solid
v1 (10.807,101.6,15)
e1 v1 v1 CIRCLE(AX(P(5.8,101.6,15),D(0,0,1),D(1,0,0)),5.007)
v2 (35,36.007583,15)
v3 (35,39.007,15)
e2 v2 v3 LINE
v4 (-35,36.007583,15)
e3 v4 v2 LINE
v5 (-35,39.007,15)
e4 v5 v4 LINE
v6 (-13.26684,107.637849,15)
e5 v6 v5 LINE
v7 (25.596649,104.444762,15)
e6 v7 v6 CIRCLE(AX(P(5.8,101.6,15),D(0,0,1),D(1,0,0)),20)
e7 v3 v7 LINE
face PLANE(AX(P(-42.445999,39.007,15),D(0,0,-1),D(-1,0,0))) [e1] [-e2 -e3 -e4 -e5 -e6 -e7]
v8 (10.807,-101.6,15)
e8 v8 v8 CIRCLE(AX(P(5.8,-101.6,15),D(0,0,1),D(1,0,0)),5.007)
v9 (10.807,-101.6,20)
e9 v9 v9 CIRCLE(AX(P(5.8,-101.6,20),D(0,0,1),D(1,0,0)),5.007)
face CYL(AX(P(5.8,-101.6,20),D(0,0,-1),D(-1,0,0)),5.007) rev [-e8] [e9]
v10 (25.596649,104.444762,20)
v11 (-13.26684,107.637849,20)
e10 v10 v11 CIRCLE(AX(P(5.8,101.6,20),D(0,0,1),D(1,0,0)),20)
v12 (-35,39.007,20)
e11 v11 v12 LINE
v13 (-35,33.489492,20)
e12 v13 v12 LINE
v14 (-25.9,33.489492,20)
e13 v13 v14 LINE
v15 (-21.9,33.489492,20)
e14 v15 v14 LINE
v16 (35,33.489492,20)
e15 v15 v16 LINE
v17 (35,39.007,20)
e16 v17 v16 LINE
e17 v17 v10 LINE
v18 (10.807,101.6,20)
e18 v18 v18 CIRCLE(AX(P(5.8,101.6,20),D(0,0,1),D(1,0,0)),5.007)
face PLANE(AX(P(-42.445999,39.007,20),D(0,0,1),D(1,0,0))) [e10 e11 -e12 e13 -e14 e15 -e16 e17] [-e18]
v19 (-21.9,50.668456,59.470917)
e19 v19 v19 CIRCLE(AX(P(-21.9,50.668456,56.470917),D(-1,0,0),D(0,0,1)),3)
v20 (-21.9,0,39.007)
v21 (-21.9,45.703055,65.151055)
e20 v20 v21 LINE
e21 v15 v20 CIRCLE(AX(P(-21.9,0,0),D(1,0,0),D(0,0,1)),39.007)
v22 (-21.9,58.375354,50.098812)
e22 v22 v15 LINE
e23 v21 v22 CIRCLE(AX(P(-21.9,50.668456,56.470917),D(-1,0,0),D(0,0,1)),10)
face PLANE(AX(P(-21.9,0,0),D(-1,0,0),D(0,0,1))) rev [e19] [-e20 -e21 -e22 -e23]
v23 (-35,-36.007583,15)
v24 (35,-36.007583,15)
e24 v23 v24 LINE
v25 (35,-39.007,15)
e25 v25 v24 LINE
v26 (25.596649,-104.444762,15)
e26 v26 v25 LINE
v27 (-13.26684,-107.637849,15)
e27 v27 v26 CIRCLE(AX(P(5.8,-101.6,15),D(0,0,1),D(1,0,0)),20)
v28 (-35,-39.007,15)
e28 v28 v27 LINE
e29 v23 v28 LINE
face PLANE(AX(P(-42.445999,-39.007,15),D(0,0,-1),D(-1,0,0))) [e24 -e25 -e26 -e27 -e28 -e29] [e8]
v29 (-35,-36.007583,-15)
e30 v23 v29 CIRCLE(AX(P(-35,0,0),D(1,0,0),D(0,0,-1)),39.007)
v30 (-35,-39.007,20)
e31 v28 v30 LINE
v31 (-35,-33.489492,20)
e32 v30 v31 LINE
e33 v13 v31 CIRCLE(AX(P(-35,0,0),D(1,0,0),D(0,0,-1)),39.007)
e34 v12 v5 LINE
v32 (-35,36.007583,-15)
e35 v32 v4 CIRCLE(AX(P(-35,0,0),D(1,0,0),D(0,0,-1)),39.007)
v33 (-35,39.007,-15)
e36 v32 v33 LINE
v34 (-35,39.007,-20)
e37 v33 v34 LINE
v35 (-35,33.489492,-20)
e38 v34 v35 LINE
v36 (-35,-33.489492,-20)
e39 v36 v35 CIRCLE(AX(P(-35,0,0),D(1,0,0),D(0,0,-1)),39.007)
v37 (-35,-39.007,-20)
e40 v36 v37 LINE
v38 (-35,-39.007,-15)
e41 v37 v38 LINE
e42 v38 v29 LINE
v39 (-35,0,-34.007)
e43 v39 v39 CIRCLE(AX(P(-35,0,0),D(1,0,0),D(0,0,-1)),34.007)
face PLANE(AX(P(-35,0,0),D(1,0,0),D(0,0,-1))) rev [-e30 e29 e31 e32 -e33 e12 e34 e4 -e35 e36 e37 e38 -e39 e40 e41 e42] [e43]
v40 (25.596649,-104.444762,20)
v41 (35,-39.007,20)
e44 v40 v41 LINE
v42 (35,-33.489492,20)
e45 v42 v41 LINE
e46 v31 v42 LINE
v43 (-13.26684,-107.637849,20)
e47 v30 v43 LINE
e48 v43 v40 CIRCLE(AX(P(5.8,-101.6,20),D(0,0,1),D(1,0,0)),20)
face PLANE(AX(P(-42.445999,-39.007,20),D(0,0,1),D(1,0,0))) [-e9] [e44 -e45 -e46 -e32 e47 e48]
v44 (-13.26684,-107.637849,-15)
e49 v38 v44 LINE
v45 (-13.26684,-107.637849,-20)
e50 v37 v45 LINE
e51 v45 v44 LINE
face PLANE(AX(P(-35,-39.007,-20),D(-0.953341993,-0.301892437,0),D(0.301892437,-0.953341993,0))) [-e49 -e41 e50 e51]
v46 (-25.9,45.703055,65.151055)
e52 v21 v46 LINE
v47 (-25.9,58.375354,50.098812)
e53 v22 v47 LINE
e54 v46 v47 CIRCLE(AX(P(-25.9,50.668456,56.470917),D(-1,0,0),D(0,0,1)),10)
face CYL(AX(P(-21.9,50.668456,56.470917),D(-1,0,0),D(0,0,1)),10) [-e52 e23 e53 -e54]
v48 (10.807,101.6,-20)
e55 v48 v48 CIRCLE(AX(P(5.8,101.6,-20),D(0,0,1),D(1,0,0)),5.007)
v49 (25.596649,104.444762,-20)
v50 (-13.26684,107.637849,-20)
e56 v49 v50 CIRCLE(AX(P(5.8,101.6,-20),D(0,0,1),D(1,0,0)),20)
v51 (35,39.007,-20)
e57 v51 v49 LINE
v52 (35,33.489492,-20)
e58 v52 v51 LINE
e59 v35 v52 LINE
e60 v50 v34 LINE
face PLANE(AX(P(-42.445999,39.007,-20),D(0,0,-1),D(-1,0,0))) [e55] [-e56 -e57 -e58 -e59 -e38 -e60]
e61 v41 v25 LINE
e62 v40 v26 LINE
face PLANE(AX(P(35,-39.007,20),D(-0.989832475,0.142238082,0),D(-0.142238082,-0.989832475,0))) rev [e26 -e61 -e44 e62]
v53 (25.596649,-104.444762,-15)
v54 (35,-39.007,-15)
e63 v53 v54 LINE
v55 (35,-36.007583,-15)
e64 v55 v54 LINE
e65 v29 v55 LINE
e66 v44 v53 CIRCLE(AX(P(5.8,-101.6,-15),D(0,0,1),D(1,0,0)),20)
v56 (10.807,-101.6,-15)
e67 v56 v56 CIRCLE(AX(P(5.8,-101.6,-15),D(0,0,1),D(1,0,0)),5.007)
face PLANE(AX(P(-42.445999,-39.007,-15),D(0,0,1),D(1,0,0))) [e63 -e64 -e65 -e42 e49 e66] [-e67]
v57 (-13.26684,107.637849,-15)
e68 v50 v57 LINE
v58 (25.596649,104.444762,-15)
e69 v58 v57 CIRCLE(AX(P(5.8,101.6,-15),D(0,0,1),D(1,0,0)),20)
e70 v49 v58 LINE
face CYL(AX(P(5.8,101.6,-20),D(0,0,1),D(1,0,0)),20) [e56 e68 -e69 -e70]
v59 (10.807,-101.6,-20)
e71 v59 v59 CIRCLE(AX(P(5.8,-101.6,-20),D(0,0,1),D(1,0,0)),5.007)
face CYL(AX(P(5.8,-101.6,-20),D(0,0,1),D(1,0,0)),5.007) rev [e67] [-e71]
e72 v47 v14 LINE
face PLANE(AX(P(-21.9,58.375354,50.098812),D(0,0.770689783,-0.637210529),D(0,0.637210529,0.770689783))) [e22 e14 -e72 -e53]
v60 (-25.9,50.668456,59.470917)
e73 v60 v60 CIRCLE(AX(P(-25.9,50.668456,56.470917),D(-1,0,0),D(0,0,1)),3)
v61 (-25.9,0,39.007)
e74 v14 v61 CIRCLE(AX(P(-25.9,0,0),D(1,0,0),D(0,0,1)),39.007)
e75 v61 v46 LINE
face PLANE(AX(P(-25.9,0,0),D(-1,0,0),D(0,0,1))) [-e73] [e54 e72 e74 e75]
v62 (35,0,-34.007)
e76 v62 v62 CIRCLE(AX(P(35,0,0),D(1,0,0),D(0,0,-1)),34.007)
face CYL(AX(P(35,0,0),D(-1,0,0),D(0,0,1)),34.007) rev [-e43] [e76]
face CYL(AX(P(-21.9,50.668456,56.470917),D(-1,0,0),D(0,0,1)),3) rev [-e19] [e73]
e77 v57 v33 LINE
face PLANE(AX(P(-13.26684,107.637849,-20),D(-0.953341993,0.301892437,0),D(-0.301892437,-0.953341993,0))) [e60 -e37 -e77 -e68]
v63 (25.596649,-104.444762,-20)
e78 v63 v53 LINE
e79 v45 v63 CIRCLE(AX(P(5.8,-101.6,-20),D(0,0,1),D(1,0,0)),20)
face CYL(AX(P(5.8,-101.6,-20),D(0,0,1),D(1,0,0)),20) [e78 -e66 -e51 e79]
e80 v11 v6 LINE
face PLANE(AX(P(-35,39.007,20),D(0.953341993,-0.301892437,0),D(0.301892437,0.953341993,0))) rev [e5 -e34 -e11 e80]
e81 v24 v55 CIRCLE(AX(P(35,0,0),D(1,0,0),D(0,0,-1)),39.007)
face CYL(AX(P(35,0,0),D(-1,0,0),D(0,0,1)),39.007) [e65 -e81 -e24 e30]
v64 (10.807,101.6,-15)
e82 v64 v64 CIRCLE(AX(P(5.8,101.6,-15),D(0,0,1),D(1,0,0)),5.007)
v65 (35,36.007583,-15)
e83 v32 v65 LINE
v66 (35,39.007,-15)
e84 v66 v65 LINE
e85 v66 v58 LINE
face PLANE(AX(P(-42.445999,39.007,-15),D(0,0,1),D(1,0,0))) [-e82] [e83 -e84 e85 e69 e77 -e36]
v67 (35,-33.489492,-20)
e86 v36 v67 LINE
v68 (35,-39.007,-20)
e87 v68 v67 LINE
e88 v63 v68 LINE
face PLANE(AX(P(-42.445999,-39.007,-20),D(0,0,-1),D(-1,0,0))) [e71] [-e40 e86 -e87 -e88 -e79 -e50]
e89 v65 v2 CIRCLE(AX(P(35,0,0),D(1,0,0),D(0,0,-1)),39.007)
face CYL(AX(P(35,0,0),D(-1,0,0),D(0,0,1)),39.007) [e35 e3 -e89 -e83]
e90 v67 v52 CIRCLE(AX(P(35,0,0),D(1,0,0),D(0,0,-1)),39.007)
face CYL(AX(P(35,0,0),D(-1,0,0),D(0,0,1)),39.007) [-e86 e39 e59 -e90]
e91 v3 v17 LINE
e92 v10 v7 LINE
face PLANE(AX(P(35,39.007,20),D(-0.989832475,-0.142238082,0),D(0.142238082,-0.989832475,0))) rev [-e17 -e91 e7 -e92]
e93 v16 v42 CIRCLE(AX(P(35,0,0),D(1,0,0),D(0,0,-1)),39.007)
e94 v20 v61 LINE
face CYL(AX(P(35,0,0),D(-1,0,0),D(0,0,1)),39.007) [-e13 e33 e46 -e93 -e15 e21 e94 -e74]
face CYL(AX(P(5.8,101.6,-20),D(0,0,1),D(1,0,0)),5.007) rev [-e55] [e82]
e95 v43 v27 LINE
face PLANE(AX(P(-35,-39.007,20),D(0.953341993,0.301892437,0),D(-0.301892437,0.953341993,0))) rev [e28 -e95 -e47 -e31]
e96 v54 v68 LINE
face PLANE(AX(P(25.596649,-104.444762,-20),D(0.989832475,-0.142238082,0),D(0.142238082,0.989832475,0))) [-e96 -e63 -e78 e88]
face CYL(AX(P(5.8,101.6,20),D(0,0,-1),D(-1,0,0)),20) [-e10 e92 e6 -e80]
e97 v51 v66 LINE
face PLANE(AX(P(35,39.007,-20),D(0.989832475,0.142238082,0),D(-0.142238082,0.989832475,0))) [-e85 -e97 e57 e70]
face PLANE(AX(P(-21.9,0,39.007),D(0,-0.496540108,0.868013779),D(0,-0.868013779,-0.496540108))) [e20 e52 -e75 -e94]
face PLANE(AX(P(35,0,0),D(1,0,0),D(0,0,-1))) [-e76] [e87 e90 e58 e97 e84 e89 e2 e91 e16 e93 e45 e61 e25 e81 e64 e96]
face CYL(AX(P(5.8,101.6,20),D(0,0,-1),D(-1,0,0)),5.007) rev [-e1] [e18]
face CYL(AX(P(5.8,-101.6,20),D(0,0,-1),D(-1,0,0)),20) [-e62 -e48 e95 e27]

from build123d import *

# Parameters (mm, degrees)
SKETCH1_R             = 39.007
SKETCH1_R_2           = 34.007
BOSS_EXTRUDE1_DEPTH   = 35
BOSS_EXTRUDE2_START   = 15
SKETCH2_R             = 5.007
BOSS_EXTRUDE2_DEPTH   = 5
BOSS_EXTRUDE2_2_DEPTH = 5
BOSS_EXTRUDE3_START   = -15
SKETCH3_R             = 5.007
BOSS_EXTRUDE3_DEPTH   = 5
BOSS_EXTRUDE3_2_DEPTH = 5
BOSS_EXTRUDE4_DEPTH   = 70
BOSS_EXTRUDE5_START   = -4
SKETCH5_R             = 3
BOSS_EXTRUDE5_DEPTH   = 4


with BuildPart() as part:
    # Sketch1 → Boss-Extrude1 (new, symmetric)
    with BuildSketch(Plane(origin=(0, 0, 0), x_dir=(0, 0, -1), z_dir=(1, 0, 0))):
        Circle(SKETCH1_R)
        Circle(SKETCH1_R_2, mode=Mode.SUBTRACT)
    extrude(amount=BOSS_EXTRUDE1_DEPTH, both=True)



with BuildPart() as body_2:
    # Sketch2 → Boss-Extrude2 (new body)
    with BuildSketch(Plane.XY.offset(BOSS_EXTRUDE2_START)):
        with BuildLine():
            Line((-35, -39.007), (35, -39.007))
            Line((35, -39.007), (25.596649495, -104.444761639))
            ThreePointArc((25.596649495, -104.444761639), (7.437713907, -121.532834549), (-13.266839867, -107.637848746))
            Line((-13.266839867, -107.637848746), (-35, -39.007))
        make_face()
        with Locations((5.8, -101.6)):
            Circle(SKETCH2_R, mode=Mode.SUBTRACT)
    extrude(amount=BOSS_EXTRUDE2_DEPTH)


with BuildPart() as body_3:
    # Sketch2 → Boss-Extrude2 2 (new body)
    with BuildSketch(Plane.XY.offset(BOSS_EXTRUDE2_START)):
        with BuildLine():
            Line((35, 39.007), (-35, 39.007))
            Line((-35, 39.007), (-13.266839867, 107.637848746))
            ThreePointArc((-13.266839867, 107.637848746), (7.437713907, 121.532834549), (25.596649495, 104.444761639))
            Line((25.596649495, 104.444761639), (35, 39.007))
        make_face()
        with Locations((5.8, 101.6)):
            Circle(SKETCH2_R, mode=Mode.SUBTRACT)
    extrude(amount=BOSS_EXTRUDE2_2_DEPTH)


with BuildPart() as body_4:
    # Sketch3 → Boss-Extrude3 (new body)
    with BuildSketch(Plane.XY.offset(BOSS_EXTRUDE3_START)):
        with BuildLine():
            Line((-35, -39.007), (-13.266839867, -107.637848746))
            ThreePointArc((-13.266839867, -107.637848746), (7.437713907, -121.532834549), (25.596649495, -104.444761639))
            Line((25.596649495, -104.444761639), (35, -39.007))
            Line((35, -39.007), (-35, -39.007))
        make_face()
        with Locations((5.8, -101.6)):
            Circle(SKETCH3_R, mode=Mode.SUBTRACT)
    extrude(amount=-BOSS_EXTRUDE3_DEPTH)


with BuildPart() as body_5:
    # Sketch3 → Boss-Extrude3 2 (new body)
    with BuildSketch(Plane.XY.offset(BOSS_EXTRUDE3_START)):
        with BuildLine():
            Line((-35, 39.007), (35, 39.007))
            Line((35, 39.007), (25.596649495, 104.444761639))
            ThreePointArc((25.596649495, 104.444761639), (7.437713907, 121.532834549), (-13.266839867, 107.637848746))
            Line((-13.266839867, 107.637848746), (-35, 39.007))
        make_face()
        with Locations((5.8, 101.6)):
            Circle(SKETCH3_R, mode=Mode.SUBTRACT)
    extrude(amount=-BOSS_EXTRUDE3_2_DEPTH)


with BuildPart() as part_1:
    add(part.part)

    add(body_2.part)  # Boss-Extrude4 merges body 2

    add(body_3.part)  # Boss-Extrude4 merges body 3

    add(body_4.part)  # Boss-Extrude4 merges body 4

    add(body_5.part)  # Boss-Extrude4 merges body 5
    # Sketch4 → Boss-Extrude4 (add)
    with BuildSketch(Plane(origin=(35, 0, 0), x_dir=(0, 0, -1), z_dir=(1, 0, 0))):
        with BuildLine():
            Line((20, -39.007), (15, -39.007))
            Line((15, -39.007), (15, -36.007583215))
            ThreePointArc((15, -36.007583215), (17.545232866, -34.838353186), (20, -33.489491621))
            Line((20, -33.489491621), (20, -39.007))
        make_face()
        with BuildLine():
            Line((-20, -39.007), (-15, -39.007))
            Line((-15, -39.007), (-15, -36.007583215))
            ThreePointArc((-15, -36.007583215), (-17.545232866, -34.838353186), (-20, -33.489491621))
            Line((-20, -33.489491621), (-20, -39.007))
        make_face()
        with BuildLine():
            Line((-20, 39.007), (-15, 39.007))
            Line((-15, 39.007), (-15, 36.007583215))
            ThreePointArc((-15, 36.007583215), (-17.545232866, 34.838353186), (-20, 33.489491621))
            Line((-20, 33.489491621), (-20, 39.007))
        make_face()
        with BuildLine():
            Line((20, 39.007), (15, 39.007))
            Line((15, 39.007), (15, 36.007583215))
            ThreePointArc((15, 36.007583215), (17.545232866, 34.838353186), (20, 33.489491621))
            Line((20, 33.489491621), (20, 39.007))
        make_face()
    extrude(amount=-BOSS_EXTRUDE4_DEPTH)

    # Sketch5 → Boss-Extrude5 (add)
    with BuildSketch(Plane.ZY.offset(25.9).offset(BOSS_EXTRUDE5_START)):
        with BuildLine():
            Line((50.098811723, 58.375353815), (20, 33.489491621))
            ThreePointArc((20, 33.489491621), (33.924077357, 19.253649641), (39.007, 0))
            Line((39.007, 0), (65.151054806, 45.703054903))
            ThreePointArc((65.151054806, 45.703054903), (62.911300808, 58.318387785), (50.098811723, 58.375353815))
        make_face()
        with Locations((56.470917013, 50.668455984)):
            Circle(SKETCH5_R, mode=Mode.SUBTRACT)
    extrude(amount=BOSS_EXTRUDE5_DEPTH)


solid = part_1.part
